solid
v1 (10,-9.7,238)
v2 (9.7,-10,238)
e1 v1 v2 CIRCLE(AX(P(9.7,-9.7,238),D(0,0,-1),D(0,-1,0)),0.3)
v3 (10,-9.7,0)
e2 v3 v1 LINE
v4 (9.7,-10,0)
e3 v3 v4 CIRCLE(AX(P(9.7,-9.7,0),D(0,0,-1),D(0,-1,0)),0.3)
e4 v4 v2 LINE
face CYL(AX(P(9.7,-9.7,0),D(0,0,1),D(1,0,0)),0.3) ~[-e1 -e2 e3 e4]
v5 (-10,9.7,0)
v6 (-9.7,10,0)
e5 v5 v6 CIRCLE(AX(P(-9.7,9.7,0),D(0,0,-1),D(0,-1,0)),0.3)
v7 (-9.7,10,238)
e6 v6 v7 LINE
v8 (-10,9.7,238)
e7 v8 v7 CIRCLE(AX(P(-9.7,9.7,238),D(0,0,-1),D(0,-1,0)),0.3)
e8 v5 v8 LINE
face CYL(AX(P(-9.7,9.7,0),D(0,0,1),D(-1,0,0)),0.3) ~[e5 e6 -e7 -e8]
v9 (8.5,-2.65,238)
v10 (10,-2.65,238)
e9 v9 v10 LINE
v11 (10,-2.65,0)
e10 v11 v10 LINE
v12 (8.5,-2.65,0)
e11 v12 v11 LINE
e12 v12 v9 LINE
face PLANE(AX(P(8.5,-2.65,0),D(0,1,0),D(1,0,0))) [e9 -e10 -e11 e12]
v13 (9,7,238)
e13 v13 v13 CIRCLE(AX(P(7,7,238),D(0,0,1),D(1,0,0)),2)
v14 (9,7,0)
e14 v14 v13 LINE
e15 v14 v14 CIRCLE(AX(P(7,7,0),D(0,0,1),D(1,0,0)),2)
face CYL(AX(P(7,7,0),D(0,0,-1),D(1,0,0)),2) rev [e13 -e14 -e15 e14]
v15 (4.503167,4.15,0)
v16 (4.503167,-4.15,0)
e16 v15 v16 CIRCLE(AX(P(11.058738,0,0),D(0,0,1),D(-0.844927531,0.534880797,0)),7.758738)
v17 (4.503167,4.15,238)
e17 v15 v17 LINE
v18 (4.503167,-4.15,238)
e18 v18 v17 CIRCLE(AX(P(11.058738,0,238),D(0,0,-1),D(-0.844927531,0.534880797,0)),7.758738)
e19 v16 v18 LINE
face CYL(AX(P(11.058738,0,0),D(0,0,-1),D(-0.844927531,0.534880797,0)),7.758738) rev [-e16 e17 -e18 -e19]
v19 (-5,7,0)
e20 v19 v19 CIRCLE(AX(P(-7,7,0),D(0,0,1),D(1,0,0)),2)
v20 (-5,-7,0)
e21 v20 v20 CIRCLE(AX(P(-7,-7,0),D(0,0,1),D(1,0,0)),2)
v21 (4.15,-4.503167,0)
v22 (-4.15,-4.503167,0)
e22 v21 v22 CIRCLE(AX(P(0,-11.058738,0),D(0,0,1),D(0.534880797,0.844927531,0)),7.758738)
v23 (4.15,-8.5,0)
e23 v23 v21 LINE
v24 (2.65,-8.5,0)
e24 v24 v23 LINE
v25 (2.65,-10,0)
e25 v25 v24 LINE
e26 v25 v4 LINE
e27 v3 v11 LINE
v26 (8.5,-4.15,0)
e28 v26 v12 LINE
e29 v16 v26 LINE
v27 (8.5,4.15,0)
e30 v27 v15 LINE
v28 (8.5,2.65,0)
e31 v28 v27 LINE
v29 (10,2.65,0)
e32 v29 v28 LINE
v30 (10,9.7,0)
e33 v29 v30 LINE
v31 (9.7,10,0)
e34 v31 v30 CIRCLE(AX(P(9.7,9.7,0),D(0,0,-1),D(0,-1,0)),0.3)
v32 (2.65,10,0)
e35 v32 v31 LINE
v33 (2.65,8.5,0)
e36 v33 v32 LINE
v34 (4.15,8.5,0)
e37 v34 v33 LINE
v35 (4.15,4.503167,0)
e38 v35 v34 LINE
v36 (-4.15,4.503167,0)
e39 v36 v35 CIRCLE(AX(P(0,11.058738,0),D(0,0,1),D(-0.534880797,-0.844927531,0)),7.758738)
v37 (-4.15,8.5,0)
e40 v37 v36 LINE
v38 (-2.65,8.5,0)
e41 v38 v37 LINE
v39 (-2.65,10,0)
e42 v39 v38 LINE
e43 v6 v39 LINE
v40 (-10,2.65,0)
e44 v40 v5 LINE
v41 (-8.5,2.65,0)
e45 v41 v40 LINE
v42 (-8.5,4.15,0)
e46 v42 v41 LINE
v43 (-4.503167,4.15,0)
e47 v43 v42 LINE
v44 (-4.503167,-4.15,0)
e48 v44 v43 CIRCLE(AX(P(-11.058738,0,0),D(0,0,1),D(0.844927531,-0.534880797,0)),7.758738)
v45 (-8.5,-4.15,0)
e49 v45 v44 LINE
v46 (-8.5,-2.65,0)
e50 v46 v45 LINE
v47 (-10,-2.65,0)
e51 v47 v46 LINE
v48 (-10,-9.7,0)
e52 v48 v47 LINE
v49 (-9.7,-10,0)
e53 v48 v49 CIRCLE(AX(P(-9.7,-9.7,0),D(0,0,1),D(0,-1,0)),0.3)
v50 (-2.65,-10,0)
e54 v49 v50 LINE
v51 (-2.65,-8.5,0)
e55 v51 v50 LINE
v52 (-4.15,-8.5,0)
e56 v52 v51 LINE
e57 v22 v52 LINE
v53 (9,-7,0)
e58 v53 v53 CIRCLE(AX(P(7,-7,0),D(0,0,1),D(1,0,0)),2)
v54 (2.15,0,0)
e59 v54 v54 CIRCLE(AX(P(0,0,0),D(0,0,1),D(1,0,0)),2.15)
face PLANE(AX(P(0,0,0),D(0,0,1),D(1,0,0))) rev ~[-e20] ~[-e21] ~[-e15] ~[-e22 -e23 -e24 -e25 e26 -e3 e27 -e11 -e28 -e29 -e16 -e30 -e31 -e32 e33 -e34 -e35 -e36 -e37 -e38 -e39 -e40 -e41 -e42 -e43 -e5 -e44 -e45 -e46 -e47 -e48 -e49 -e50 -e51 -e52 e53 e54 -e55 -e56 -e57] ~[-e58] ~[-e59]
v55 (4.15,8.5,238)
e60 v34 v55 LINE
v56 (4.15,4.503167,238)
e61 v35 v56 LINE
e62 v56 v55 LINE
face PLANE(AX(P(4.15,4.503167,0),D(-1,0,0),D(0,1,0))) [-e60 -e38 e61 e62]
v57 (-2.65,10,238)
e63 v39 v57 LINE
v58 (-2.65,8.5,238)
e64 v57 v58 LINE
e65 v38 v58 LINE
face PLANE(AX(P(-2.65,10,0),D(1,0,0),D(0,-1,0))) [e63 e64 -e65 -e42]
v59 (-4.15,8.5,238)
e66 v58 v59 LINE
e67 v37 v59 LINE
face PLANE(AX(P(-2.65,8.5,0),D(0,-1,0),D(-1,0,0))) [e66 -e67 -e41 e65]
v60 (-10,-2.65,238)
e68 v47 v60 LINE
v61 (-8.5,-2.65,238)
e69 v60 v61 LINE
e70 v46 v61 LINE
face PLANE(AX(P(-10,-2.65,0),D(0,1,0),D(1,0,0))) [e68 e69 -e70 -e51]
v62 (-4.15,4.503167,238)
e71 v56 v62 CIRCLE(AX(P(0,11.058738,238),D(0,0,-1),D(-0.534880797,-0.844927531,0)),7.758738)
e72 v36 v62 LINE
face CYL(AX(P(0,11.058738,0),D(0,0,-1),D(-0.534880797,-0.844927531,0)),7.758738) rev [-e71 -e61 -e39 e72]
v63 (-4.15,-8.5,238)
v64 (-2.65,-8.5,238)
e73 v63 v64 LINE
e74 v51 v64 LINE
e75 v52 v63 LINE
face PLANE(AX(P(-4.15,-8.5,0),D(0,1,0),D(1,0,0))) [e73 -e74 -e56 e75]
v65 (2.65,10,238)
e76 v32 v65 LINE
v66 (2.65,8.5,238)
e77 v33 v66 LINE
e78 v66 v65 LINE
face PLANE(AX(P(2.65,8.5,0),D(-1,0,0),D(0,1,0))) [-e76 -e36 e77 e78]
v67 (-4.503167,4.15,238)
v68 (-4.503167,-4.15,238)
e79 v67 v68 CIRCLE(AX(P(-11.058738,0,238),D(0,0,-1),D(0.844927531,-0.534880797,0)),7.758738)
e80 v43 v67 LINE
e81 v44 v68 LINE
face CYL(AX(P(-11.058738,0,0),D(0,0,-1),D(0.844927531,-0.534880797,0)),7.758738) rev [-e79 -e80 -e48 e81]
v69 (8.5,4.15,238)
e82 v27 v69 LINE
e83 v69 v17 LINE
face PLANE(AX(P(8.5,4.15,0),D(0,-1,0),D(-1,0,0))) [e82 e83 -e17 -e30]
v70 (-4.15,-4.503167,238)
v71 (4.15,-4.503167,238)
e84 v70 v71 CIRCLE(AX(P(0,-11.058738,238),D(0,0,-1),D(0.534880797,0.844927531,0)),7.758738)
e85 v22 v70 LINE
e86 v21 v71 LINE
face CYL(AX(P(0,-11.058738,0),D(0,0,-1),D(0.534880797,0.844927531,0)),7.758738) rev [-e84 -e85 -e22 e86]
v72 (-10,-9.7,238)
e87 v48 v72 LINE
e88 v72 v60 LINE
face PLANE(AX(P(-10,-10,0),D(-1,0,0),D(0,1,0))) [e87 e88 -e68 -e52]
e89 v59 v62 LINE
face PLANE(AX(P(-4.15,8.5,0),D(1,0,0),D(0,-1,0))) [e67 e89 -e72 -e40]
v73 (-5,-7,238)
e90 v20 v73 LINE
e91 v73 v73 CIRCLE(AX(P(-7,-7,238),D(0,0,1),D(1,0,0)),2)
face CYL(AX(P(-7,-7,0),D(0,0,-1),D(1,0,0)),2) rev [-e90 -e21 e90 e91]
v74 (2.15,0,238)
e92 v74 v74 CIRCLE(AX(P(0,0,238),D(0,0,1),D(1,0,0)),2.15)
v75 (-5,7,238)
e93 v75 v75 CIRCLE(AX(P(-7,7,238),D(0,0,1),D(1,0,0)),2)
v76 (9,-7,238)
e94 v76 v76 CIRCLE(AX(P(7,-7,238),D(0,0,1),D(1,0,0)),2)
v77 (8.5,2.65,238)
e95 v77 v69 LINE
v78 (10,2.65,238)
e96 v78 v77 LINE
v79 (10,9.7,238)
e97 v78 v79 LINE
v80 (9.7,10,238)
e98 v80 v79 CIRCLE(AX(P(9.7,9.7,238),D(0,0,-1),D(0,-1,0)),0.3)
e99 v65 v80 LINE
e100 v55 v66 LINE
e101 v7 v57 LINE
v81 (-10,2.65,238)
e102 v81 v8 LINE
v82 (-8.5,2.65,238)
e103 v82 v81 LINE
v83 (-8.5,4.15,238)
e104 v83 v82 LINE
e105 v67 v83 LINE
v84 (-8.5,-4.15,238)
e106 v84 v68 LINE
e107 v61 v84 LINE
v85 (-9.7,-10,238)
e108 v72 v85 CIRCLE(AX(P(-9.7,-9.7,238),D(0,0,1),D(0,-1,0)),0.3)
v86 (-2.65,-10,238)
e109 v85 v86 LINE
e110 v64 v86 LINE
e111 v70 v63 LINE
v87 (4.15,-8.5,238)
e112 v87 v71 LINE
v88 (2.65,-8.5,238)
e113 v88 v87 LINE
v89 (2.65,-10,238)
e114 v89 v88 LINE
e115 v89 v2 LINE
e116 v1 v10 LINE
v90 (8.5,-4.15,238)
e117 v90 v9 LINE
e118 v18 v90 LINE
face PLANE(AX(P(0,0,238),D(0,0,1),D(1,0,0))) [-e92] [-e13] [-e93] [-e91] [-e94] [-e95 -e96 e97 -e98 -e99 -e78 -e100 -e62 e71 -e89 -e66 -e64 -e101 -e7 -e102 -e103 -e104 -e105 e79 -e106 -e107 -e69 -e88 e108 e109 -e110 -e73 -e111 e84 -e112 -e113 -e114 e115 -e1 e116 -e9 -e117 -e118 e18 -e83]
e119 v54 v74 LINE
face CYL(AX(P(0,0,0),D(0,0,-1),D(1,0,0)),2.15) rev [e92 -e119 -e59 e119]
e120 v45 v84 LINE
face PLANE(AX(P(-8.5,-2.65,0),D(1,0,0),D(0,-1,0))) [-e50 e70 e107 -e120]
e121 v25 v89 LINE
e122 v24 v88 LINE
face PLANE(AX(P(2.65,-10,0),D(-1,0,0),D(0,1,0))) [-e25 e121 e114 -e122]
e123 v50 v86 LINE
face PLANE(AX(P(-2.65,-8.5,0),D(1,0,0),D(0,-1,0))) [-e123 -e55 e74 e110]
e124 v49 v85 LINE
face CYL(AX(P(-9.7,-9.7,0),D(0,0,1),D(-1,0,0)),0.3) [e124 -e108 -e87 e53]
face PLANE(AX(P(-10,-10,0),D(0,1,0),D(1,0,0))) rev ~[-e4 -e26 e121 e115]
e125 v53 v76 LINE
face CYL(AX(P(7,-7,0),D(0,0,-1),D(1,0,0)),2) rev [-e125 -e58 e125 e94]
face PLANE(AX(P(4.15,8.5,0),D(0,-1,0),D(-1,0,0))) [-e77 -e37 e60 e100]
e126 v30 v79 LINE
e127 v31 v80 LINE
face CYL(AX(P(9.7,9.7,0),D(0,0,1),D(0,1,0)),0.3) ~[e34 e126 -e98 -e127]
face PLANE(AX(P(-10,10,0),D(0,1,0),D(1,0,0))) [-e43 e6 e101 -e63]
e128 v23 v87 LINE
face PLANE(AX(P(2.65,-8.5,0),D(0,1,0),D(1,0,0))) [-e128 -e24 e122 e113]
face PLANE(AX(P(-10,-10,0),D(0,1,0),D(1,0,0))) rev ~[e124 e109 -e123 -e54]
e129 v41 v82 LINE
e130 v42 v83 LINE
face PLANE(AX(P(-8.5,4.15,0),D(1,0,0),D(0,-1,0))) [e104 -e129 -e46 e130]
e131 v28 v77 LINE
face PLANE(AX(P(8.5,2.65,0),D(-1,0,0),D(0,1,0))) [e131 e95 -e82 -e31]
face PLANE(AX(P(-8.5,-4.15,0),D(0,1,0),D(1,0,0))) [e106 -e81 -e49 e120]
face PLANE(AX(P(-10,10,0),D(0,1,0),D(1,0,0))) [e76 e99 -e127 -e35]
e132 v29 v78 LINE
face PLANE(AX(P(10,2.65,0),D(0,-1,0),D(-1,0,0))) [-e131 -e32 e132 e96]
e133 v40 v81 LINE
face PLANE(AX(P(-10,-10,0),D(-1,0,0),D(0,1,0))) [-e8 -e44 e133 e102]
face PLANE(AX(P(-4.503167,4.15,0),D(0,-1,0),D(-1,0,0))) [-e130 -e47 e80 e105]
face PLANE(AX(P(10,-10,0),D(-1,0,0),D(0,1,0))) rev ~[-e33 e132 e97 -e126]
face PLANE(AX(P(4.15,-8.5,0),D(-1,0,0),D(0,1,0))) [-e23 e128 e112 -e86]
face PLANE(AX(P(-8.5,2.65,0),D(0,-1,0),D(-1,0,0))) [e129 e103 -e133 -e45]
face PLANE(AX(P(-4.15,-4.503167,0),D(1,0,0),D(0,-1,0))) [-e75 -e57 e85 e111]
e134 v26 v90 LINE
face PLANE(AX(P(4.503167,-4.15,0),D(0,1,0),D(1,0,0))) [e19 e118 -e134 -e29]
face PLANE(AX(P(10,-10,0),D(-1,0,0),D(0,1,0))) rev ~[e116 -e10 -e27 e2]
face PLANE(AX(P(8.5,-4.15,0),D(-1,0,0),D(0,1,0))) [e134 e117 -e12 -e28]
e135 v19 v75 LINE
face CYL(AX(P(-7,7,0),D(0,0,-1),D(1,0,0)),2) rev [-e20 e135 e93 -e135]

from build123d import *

# Parameters (mm, degrees)
SKETCH_1_W               = 20
SKETCH_1_H               = 20
SKETCH_1_R               = 2
SKETCH_1_R_2             = 2.15
EXTRUDE_1_DEPTH          = 238
CUT_EXTRUDE_1_REACH      = 240.42
PATTERN_CIRCULAR_1_COUNT = 4
FILLET_1_R               = 0.3


with BuildPart() as part:
    # 스케치1 → 보스-돌출1 (new body)
    with BuildSketch(Plane.XY):
        Rectangle(SKETCH_1_W, SKETCH_1_H)
        with Locations((-7, -7)):
            Circle(SKETCH_1_R, mode=Mode.SUBTRACT)
        with Locations((7, -7)):
            Circle(SKETCH_1_R, mode=Mode.SUBTRACT)
        with Locations((-7, 7)):
            Circle(SKETCH_1_R, mode=Mode.SUBTRACT)
        Circle(SKETCH_1_R_2, mode=Mode.SUBTRACT)
        with Locations((7, 7)):
            Circle(SKETCH_1_R, mode=Mode.SUBTRACT)
    extrude(amount=EXTRUDE_1_DEPTH)

    # 스케치1<3> → 컷-돌출1 (cut, up to next)
    with BuildSketch(Plane.XY, mode=Mode.PRIVATE) as cut_extrude_1_sk1:
        with BuildLine():
            Line((-8.5, 2.65), (-10, 2.65))
            Line((-10, 2.65), (-10, -2.65))
            Line((-10, -2.65), (-8.5, -2.65))
            Line((-8.5, -2.65), (-8.5, -4.15))
            Line((-8.5, -4.15), (-4.503166667, -4.15))
            ThreePointArc((-4.503166667, -4.15), (-3.3, 0), (-4.503166667, 4.15))
            Line((-4.503166667, 4.15), (-8.5, 4.15))
            Line((-8.5, 4.15), (-8.5, 2.65))
        make_face()
    cut_extrude_1_tool1 = extrude(cut_extrude_1_sk1.sketch, amount=CUT_EXTRUDE_1_REACH, mode=Mode.PRIVATE) & part.part
    cut_extrude_1 = cut_extrude_1_tool1.solids().sort_by_distance((-6.606913, 0, 0))[0]
    add(cut_extrude_1, mode=Mode.SUBTRACT)

    # 원형 패턴1: 컷-돌출1 ×4 about axis
    pattern_circular_1_axis = Axis((0, 0, 238), (0, 0, -1))
    for i in range(1, PATTERN_CIRCULAR_1_COUNT):
        add(cut_extrude_1.rotate(pattern_circular_1_axis, i * 360 / PATTERN_CIRCULAR_1_COUNT), mode=Mode.SUBTRACT)

    # 필렛1
    fillet_1_edges = [part.edges().sort_by_distance(p)[0] for p in [
        (10, -10, 119),
        (-10, -10, 119),
        (-10, 10, 119),
        (10, 10, 119),
    ]]
    fillet(fillet_1_edges, radius=FILLET_1_R)


solid = part.part
